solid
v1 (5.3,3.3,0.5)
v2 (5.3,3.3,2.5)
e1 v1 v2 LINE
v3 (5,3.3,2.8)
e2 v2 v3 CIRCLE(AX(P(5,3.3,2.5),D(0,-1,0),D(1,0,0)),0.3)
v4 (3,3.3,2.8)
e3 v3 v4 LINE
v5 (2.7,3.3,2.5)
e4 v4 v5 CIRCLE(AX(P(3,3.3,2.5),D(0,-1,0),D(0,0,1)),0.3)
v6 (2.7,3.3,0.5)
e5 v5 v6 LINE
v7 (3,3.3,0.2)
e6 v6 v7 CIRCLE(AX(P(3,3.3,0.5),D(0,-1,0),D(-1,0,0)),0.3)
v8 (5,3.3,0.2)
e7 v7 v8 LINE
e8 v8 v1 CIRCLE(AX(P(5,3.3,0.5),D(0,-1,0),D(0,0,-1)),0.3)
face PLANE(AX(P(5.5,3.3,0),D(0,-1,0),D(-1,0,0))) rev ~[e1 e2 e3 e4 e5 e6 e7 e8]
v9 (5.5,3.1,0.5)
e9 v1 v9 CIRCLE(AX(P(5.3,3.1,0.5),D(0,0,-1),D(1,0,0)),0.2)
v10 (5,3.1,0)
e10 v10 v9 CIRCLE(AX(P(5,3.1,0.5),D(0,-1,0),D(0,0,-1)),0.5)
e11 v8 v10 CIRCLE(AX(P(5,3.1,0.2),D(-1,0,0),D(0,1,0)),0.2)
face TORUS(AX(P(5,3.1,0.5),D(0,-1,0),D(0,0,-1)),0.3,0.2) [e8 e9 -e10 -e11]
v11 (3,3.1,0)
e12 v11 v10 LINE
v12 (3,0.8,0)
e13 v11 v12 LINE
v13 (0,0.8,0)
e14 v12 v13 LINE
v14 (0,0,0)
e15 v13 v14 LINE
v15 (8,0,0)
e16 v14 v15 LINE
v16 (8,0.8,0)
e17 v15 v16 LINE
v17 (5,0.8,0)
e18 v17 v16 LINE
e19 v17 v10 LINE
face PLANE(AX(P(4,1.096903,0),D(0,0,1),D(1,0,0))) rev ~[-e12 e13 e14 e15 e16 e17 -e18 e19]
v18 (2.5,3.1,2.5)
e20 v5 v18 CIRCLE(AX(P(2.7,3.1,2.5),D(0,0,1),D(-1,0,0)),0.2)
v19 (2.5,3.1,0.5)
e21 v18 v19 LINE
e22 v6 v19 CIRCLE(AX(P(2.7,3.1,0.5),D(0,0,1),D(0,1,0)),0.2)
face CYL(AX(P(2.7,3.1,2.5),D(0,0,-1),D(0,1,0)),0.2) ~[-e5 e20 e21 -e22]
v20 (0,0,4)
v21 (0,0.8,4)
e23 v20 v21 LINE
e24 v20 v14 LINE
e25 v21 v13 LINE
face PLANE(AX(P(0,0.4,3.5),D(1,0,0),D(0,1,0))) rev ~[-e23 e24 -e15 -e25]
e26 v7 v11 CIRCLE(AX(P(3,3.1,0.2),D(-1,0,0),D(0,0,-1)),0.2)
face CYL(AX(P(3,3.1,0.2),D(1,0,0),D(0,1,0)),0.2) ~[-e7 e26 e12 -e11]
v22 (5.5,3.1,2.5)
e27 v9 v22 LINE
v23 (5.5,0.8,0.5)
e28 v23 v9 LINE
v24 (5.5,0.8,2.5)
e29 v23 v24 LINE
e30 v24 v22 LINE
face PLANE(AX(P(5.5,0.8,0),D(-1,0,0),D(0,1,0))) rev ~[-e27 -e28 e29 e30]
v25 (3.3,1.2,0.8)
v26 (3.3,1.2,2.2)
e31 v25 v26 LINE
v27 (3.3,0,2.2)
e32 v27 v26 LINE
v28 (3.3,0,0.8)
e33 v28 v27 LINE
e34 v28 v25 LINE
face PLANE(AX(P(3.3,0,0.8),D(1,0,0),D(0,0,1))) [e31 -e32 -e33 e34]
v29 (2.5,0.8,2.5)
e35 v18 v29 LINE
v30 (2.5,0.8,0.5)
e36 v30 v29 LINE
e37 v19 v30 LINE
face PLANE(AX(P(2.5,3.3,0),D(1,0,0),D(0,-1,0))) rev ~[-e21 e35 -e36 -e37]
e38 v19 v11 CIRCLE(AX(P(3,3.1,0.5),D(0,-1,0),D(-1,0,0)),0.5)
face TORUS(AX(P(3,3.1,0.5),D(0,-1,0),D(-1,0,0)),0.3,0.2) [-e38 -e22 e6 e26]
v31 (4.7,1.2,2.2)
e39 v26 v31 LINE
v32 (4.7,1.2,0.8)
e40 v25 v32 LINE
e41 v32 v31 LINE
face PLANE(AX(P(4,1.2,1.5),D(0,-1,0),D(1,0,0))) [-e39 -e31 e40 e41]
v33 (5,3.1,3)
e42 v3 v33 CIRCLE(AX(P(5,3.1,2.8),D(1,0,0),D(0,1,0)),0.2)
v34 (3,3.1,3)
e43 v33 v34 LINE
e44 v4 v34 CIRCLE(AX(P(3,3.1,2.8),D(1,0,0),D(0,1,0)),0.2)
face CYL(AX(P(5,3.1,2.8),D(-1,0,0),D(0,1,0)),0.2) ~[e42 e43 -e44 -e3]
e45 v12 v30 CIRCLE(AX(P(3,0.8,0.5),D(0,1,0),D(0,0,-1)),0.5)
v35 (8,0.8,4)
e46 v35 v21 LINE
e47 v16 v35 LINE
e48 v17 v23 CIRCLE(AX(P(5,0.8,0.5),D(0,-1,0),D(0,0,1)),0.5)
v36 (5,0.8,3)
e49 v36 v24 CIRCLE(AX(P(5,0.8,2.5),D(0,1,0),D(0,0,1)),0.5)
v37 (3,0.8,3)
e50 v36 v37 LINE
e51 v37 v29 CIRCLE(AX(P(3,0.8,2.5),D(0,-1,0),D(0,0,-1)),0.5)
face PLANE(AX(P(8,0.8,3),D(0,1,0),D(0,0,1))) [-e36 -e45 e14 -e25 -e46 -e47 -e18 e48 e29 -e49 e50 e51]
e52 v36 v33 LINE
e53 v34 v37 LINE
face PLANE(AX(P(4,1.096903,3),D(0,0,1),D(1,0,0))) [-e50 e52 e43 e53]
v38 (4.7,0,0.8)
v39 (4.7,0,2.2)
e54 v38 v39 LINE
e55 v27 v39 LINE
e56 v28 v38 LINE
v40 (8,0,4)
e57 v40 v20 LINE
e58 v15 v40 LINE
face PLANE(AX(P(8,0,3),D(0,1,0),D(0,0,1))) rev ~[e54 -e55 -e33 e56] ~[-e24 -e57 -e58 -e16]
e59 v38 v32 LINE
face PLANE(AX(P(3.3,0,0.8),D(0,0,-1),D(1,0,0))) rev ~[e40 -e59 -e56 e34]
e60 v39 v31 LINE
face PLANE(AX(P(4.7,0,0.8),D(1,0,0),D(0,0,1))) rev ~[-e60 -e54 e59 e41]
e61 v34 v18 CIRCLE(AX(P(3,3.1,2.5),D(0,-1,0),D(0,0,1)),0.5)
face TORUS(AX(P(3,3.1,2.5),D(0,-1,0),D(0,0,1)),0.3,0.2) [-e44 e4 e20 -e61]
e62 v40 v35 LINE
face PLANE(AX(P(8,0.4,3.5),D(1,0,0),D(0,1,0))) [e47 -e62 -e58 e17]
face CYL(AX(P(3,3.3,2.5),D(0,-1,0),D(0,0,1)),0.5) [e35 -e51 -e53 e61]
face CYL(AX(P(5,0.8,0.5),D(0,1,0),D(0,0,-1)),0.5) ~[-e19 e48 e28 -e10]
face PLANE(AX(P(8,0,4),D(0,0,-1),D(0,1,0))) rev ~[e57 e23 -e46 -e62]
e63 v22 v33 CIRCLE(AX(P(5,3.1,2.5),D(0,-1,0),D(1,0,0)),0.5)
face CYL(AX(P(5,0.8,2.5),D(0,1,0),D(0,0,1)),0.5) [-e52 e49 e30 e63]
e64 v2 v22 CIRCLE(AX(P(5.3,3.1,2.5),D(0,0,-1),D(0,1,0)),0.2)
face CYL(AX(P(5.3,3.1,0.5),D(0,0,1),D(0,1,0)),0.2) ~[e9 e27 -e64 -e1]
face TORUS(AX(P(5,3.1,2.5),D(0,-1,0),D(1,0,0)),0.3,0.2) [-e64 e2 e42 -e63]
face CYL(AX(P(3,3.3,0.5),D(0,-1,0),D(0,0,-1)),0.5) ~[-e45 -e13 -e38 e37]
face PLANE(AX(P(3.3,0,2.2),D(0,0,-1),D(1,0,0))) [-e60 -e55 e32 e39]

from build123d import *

# Parameters (mm, degrees)
F1_DEPTH = 3
F2_W     = 1.4
F2_H     = 1.4
F3_DEPTH = 1.2
F4_R     = 0.5
F5_R     = 0.2
F6_W     = 0.8
F6_H     = 1
F7_DEPTH = 8


with BuildPart() as f1:
    # F0 (on Top) → F1 (new body)
    with BuildSketch(Plane.XY):
        Polygon((0, 0.8), (0, 0), (8, 0), (8, 0.8), (5.5, 0.8), (5.5, 3.3), (2.5, 3.3), (2.5, 0.8), align=None)
    extrude(amount=F1_DEPTH)

    # F2 (on face) → F3 (cut)
    with BuildSketch(Plane.XZ):
        with Locations((4, 1.5)):
            Rectangle(F2_W, F2_H)
    extrude(amount=-F3_DEPTH, mode=Mode.SUBTRACT)

    # F4
    f4_edges = [f1.edges().sort_by_distance(p)[0] for p in [
        (5.5, 2.05, 3),
        (2.5, 2.05, 3),
        (2.5, 2.05, 0),
        (5.5, 2.05, 0),
    ]]
    fillet(f4_edges, radius=F4_R)

    # F5
    f5_edges = [f1.edges().sort_by_distance(p)[0] for p in [
        (4, 3.3, 3),
        (5.353553, 3.3, 2.853553),
        (5.5, 3.3, 1.5),
        (5.353553, 3.3, 0.146447),
        (4, 3.3, 0),
        (2.646447, 3.3, 0.146447),
        (2.5, 3.3, 1.5),
        (2.646447, 3.3, 2.853553),
    ]]
    fillet(f5_edges, radius=F5_R)

    # F6 (on face) → F7 (join, through all)
    with BuildSketch(Plane.YZ.offset(8)):
        with Locations((0.4, 3.5)):
            Rectangle(F6_W, F6_H)
    extrude(amount=-F7_DEPTH)


solid = f1.part
